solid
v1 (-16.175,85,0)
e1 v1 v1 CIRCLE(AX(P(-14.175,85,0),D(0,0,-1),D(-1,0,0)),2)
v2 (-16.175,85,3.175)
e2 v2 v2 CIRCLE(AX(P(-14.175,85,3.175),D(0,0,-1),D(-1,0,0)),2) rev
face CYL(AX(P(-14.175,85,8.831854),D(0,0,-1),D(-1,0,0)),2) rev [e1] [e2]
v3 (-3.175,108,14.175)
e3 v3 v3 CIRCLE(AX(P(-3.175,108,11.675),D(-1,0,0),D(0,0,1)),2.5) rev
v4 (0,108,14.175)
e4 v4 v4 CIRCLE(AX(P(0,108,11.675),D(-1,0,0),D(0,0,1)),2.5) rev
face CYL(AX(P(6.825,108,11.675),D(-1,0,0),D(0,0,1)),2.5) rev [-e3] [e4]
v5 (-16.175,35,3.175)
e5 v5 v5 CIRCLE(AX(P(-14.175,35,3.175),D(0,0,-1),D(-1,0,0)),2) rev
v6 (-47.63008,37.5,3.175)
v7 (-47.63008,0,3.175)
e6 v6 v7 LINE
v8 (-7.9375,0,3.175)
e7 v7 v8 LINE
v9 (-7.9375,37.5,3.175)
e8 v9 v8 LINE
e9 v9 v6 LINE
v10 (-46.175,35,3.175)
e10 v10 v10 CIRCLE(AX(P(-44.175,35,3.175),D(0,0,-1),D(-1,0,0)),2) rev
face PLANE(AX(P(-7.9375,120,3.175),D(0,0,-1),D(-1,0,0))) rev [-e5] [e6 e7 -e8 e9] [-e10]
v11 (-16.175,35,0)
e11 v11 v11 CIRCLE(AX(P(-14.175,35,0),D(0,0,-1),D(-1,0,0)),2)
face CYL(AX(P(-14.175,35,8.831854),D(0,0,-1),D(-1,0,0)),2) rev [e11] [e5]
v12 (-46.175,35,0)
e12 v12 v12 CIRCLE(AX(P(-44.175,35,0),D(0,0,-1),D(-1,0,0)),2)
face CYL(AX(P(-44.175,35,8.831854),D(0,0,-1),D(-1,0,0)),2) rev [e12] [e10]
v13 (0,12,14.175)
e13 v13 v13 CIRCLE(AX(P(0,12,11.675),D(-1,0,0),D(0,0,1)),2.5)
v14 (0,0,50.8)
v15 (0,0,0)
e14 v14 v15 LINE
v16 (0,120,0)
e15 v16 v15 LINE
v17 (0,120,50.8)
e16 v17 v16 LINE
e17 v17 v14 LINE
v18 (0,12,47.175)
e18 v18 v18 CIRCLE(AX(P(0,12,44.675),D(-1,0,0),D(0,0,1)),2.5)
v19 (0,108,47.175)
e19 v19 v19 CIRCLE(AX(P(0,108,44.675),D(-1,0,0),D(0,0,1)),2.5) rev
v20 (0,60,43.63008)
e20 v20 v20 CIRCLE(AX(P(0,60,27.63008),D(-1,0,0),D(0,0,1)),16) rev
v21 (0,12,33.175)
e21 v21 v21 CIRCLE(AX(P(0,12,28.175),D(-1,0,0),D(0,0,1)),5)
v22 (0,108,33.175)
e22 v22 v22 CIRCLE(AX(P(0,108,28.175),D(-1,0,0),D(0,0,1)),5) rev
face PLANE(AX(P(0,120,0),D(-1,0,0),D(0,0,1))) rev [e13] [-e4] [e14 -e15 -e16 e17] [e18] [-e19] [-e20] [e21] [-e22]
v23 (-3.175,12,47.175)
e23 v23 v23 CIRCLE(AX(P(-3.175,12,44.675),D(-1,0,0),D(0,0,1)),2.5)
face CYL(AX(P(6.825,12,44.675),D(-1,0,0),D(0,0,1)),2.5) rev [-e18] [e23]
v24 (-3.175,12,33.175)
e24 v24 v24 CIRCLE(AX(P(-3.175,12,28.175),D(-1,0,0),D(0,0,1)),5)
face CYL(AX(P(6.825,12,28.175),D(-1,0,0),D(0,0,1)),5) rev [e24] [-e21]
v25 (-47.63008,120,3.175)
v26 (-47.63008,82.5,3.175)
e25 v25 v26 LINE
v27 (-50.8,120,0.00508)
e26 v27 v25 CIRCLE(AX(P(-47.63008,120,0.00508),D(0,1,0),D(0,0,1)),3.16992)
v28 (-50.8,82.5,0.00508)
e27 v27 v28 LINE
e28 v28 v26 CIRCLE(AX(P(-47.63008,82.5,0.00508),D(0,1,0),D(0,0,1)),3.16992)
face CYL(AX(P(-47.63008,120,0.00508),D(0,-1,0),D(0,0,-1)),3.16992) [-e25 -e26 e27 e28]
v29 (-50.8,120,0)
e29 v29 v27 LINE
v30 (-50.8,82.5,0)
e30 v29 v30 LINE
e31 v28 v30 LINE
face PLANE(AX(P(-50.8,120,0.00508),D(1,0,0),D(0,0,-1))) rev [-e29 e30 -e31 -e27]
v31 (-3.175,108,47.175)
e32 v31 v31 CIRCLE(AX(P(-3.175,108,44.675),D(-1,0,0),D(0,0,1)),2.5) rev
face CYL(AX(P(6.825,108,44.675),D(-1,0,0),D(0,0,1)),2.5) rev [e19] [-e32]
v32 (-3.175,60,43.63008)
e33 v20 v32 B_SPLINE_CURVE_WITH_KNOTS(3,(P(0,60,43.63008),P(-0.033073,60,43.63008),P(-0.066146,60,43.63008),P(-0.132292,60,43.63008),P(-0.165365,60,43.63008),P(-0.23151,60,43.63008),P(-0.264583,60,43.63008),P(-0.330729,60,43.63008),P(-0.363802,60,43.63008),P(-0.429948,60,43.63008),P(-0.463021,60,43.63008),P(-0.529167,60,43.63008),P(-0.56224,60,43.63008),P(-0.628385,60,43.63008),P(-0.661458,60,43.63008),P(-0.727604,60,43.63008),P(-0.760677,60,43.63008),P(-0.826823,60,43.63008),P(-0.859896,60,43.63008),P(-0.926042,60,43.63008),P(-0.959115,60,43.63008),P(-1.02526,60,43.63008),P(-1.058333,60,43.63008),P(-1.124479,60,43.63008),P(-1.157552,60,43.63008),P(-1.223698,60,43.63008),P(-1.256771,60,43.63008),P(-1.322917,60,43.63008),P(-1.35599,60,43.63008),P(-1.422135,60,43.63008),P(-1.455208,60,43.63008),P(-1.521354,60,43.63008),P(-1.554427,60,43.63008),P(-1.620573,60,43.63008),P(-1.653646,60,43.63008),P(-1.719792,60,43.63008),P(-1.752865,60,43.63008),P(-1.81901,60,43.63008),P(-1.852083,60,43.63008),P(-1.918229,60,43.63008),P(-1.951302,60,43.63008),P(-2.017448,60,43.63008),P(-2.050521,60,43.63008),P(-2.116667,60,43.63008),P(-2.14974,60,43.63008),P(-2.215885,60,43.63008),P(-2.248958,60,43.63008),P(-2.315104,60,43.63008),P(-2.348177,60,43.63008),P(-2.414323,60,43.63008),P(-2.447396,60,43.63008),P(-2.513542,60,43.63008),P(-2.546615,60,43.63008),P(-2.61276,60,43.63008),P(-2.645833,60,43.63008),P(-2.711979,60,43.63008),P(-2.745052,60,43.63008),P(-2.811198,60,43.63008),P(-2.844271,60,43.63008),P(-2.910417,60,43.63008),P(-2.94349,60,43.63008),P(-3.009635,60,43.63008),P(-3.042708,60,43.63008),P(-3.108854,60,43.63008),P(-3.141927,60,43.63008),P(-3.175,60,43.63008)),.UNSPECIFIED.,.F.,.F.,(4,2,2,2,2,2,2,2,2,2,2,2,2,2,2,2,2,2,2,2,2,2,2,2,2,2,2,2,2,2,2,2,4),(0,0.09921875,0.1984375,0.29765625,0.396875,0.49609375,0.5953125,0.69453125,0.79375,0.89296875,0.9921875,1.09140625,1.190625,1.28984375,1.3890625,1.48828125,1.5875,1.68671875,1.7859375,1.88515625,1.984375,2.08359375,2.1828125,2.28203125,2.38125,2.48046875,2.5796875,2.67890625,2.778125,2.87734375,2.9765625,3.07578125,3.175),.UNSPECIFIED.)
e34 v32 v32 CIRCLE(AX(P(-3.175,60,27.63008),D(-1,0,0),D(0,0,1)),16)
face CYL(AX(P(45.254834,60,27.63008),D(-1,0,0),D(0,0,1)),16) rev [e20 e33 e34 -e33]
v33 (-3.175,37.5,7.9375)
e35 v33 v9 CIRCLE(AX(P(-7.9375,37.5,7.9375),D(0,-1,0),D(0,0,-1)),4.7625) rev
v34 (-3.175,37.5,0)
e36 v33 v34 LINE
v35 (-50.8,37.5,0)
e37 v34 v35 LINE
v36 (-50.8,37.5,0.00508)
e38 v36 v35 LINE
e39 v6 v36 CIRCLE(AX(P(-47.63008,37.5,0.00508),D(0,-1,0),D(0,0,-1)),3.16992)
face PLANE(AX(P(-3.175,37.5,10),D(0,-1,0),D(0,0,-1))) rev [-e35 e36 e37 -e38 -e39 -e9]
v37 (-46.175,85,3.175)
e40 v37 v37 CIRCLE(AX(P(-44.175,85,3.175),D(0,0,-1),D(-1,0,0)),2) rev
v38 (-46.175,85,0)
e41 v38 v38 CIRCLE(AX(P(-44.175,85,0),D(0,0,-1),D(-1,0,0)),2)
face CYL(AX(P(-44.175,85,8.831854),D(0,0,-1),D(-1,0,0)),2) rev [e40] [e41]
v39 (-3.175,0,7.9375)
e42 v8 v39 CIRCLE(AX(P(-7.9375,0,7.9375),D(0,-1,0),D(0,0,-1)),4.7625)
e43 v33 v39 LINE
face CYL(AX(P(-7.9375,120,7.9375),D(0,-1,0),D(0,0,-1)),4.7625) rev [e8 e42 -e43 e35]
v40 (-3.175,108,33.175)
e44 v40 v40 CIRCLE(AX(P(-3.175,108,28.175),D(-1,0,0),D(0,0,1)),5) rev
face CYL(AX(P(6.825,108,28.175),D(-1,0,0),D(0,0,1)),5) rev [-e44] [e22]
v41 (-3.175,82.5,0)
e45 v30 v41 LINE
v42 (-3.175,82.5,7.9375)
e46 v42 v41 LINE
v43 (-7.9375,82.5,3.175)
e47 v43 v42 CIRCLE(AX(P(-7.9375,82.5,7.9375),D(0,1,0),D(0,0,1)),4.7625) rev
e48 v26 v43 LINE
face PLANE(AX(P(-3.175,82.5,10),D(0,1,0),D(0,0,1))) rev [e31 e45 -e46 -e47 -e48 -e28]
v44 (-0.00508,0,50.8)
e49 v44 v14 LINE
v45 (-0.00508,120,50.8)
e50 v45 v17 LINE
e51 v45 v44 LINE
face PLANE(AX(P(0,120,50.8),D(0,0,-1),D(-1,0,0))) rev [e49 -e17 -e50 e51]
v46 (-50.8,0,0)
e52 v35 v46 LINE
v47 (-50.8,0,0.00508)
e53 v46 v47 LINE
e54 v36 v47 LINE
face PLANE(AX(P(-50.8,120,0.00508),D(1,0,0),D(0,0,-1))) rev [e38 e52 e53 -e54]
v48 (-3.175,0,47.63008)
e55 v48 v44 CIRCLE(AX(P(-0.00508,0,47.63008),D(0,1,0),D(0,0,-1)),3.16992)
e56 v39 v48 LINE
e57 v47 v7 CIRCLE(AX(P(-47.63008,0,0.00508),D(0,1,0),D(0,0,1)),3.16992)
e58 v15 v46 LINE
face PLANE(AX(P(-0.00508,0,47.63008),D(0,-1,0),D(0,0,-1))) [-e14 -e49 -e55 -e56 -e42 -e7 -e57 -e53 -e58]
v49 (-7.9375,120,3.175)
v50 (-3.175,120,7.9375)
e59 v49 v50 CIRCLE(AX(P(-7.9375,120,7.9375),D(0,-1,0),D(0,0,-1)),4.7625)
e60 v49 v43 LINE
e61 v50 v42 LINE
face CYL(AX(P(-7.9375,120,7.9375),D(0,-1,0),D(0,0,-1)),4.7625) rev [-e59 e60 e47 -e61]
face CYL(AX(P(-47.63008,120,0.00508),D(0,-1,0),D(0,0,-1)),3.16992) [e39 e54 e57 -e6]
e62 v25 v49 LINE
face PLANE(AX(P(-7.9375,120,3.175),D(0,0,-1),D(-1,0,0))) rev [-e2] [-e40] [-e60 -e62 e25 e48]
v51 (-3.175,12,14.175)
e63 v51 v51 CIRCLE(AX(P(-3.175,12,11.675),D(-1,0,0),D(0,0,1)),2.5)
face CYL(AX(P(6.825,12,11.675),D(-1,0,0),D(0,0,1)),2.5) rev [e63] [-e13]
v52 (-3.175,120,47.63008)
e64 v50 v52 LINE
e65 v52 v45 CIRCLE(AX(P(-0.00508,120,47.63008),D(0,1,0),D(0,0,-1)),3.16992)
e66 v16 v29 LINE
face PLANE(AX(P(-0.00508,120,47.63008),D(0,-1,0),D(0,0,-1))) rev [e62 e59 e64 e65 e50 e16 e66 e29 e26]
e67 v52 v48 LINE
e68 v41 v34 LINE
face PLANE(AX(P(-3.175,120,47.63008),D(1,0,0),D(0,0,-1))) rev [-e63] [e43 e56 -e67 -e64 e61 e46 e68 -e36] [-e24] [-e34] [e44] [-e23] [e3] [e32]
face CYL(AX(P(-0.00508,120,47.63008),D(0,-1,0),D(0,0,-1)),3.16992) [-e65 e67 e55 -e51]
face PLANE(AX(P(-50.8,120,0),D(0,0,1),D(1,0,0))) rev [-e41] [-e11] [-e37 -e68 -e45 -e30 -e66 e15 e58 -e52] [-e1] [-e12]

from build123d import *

# Parameters (mm, degrees)
HIERRO_ANGULAR_2_X_2_X_0_125_1_DEPTH = 120
CROQUIS3_W                           = 47.625
CROQUIS3_H                           = 45
CORTAR_EXTRUIR1_DEPTH                = 10
CROQUIS4_R                           = 5
CROQUIS4_R_2                         = 2.5
CORTAR_EXTRUIR2_DEPTH                = 10
CROQUIS5_R                           = 16
CORTAR_EXTRUIR3_DEPTH                = 3.175
CROQUIS6_R                           = 2
CORTAR_EXTRUIR4_DEPTH                = 3.175


with BuildPart() as part:
    # Sketch1 → Hierro angular 2 X 2 X 0.125(1) (new body)
    with BuildSketch(Plane(origin=(0, 0, 0), x_dir=(-1, 0, 0), z_dir=(0, 1, 0))):
        with BuildLine():
            Line((0, 0), (0, 50.8))
            Line((0, 50.8), (0.00508, 50.8))
            ThreePointArc((0.00508, 50.8), (2.246551928, 49.871551928), (3.175, 47.63008))
            Line((3.175, 47.63008), (3.175, 7.9375))
            ThreePointArc((3.175, 7.9375), (4.569903955, 4.569903955), (7.9375, 3.175))
            Line((7.9375, 3.175), (47.63008, 3.175))
            ThreePointArc((47.63008, 3.175), (49.871551928, 2.246551928), (50.8, 0.00508))
            Line((50.8, 0.00508), (50.8, 0))
            Line((50.8, 0), (0, 0))
        make_face()
    extrude(amount=HIERRO_ANGULAR_2_X_2_X_0_125_1_DEPTH)

    # Croquis3 → Cortar-Extruir1 (cut)
    with BuildSketch(Plane(origin=(0, 0, 0), x_dir=(-1, 0, 0), z_dir=(0, 0, -1))):
        with Locations((26.9875, 60)):
            Rectangle(CROQUIS3_W, CROQUIS3_H)
    extrude(amount=-CORTAR_EXTRUIR1_DEPTH, mode=Mode.SUBTRACT)

    # Croquis4 → Cortar-Extruir2 (cut)
    with BuildSketch(Plane.ZY.offset(3.175)):
        with Locations((28.175, 12)):
            Circle(CROQUIS4_R)
        with Locations((11.675, 12)):
            Circle(CROQUIS4_R_2)
        with Locations((44.675, 12)):
            Circle(CROQUIS4_R_2)
        with Locations((44.675, 108)):
            Circle(CROQUIS4_R_2)
        with Locations((28.175, 108)):
            Circle(CROQUIS4_R)
        with Locations((11.675, 108)):
            Circle(CROQUIS4_R_2)
    extrude(amount=-CORTAR_EXTRUIR2_DEPTH, mode=Mode.SUBTRACT)

    # Croquis5 → Cortar-Extruir3 (cut)
    with BuildSketch(Plane.ZY.offset(3.175)):
        with Locations((27.63008, 60)):
            Circle(CROQUIS5_R)
    extrude(amount=-CORTAR_EXTRUIR3_DEPTH, mode=Mode.SUBTRACT)

    # Croquis6 → Cortar-Extruir4 (cut)
    with BuildSketch(Plane(origin=(0, 0, 0), x_dir=(-1, 0, 0), z_dir=(0, 0, -1))):
        with Locations((14.175, 35)):
            Circle(CROQUIS6_R)
        with Locations((14.175, 85)):
            Circle(CROQUIS6_R)
        with Locations((44.175, 85)):
            Circle(CROQUIS6_R)
        with Locations((44.175, 35)):
            Circle(CROQUIS6_R)
    extrude(amount=-CORTAR_EXTRUIR4_DEPTH, mode=Mode.SUBTRACT)


solid = part.part
